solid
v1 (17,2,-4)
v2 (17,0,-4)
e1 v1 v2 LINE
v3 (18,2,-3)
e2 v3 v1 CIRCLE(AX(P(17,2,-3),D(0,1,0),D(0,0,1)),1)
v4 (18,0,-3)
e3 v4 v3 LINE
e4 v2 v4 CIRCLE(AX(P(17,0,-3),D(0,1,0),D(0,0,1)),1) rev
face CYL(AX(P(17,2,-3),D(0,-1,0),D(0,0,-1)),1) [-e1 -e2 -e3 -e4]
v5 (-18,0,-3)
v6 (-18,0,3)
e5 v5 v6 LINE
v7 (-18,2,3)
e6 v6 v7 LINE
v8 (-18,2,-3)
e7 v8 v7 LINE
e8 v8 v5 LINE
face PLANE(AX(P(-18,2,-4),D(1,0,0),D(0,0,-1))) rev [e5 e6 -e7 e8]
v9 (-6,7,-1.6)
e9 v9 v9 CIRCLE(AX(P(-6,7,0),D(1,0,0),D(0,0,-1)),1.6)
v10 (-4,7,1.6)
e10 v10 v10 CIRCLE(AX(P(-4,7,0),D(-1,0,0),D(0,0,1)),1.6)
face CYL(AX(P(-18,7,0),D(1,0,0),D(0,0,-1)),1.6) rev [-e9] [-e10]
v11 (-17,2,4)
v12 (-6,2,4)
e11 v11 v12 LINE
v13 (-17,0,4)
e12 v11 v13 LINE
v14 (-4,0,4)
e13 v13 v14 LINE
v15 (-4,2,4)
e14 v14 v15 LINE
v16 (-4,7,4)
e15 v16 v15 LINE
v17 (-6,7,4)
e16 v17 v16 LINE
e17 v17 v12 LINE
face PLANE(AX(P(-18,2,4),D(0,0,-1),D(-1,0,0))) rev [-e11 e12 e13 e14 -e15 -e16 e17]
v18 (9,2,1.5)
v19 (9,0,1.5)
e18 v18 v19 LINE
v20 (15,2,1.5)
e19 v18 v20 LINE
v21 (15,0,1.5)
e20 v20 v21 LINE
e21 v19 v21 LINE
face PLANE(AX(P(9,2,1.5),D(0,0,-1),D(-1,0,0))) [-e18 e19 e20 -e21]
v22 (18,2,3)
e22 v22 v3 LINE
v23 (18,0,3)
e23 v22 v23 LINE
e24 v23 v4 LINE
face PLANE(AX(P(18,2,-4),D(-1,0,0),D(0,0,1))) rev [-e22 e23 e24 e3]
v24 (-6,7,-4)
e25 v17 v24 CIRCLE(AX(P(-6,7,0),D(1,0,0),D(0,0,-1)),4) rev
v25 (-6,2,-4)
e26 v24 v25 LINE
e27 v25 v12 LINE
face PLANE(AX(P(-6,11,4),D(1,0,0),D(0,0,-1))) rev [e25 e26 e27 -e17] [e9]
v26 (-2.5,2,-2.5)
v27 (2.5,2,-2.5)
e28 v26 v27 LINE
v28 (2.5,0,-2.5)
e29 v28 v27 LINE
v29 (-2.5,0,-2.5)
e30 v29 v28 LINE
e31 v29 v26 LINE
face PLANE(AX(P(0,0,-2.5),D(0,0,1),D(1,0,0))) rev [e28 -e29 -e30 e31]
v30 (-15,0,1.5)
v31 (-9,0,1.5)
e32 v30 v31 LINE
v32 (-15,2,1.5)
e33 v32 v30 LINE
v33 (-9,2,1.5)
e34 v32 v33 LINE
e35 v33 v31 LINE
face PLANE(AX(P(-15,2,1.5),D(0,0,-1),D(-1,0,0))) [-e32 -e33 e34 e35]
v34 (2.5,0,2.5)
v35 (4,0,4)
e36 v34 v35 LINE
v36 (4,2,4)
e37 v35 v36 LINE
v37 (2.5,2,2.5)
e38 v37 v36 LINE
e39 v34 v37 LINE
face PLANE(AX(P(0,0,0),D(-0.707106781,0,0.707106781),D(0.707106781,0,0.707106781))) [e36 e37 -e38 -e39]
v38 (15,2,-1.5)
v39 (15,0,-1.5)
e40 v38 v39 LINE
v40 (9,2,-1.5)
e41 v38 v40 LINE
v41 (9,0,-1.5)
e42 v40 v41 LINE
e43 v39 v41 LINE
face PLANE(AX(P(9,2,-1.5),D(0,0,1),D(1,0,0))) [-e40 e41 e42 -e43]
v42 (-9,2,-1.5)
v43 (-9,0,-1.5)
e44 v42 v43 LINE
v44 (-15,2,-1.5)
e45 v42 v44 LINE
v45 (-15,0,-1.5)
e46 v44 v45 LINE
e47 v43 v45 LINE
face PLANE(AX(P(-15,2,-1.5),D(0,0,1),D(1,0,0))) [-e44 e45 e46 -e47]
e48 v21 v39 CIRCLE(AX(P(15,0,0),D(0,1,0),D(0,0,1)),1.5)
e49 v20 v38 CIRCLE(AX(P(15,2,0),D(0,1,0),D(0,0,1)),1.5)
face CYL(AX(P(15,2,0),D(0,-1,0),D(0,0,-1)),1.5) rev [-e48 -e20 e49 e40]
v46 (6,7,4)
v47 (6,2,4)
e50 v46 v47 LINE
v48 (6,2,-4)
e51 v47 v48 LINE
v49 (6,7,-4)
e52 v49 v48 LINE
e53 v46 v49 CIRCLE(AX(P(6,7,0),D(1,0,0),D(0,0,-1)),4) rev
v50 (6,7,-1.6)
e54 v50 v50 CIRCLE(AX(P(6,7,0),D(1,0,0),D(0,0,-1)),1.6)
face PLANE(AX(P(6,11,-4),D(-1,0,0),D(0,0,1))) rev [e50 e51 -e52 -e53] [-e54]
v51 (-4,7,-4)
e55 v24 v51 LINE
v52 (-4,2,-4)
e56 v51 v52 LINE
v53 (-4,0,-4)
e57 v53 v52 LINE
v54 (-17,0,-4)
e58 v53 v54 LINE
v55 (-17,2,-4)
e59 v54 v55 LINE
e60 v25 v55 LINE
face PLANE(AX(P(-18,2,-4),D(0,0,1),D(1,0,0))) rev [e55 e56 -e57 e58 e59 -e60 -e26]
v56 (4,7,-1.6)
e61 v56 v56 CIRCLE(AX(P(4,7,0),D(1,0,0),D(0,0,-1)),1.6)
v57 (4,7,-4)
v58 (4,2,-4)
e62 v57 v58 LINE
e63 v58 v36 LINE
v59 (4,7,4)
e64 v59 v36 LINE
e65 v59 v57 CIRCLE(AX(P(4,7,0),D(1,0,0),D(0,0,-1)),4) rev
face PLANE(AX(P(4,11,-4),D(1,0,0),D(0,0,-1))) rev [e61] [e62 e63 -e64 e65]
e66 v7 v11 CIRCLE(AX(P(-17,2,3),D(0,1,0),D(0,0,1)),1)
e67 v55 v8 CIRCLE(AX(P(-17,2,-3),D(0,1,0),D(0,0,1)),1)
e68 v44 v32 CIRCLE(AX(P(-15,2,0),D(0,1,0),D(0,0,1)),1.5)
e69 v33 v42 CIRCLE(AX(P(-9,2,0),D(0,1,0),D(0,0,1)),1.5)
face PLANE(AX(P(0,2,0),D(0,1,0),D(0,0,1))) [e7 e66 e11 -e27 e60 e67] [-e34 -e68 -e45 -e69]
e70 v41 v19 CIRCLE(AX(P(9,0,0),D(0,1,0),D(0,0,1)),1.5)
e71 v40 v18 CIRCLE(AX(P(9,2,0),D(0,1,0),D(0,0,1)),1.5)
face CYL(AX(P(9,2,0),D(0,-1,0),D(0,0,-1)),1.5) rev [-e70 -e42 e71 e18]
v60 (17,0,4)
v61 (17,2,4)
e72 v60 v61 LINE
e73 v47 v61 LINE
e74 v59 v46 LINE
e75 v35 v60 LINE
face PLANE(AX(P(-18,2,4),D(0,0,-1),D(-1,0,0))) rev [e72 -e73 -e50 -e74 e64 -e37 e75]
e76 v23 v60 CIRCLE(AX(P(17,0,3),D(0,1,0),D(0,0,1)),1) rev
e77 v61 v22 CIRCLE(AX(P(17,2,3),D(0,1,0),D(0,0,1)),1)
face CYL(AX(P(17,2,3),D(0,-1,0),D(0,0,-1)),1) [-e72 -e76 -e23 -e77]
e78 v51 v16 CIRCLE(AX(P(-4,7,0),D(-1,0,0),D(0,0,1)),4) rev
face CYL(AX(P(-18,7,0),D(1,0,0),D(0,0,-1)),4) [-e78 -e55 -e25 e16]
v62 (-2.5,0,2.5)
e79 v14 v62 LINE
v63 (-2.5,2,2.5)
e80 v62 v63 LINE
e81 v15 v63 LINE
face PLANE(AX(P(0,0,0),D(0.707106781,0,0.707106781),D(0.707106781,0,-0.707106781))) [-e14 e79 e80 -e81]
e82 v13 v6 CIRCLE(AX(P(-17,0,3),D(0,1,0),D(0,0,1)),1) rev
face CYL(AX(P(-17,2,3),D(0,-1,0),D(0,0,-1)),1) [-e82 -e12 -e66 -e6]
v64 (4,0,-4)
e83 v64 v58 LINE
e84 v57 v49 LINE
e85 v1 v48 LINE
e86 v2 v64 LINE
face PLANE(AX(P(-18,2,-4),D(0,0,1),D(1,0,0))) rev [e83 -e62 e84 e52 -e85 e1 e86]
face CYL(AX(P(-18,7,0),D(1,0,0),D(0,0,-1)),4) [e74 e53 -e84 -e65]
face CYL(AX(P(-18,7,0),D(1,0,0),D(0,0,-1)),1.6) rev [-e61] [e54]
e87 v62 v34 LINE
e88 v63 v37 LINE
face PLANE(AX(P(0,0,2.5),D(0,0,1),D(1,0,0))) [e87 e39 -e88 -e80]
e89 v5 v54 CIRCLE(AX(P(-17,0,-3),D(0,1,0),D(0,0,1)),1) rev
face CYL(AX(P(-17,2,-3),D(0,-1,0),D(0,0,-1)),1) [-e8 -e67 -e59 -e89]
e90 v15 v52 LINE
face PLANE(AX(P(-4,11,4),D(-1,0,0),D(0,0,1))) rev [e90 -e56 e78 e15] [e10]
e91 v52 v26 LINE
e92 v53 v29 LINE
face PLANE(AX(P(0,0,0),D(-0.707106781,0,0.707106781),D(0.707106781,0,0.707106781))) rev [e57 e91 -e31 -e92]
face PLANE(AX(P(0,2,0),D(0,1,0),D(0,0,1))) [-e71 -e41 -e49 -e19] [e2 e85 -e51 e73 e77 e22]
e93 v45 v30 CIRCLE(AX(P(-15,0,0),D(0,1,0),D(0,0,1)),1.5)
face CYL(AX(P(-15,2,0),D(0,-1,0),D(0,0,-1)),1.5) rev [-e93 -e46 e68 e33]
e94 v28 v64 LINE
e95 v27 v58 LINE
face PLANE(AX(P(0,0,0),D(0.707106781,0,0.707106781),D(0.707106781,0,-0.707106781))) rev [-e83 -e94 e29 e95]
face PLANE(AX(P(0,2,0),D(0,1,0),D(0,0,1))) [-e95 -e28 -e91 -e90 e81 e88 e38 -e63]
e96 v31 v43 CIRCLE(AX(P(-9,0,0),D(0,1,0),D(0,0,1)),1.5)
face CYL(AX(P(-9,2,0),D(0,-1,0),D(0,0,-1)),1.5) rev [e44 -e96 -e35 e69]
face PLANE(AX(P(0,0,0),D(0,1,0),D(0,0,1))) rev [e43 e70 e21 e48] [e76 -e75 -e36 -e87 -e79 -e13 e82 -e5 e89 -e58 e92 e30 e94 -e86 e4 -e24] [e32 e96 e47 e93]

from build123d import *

# Parameters (mm, degrees)
SKETCH_1_W          = 36
SKETCH_1_H          = 8
EXTRUDE_1_DEPTH     = 2
SKETCH_2_W          = 2
SKETCH_2_H          = 8
EXTRUDE_2_DEPTH     = 9
CUT_EXTRUDE_1_DEPTH = 21.518284529
SKETCH_4_R          = 1.6
CUT_EXTRUDE_2_DEPTH = 27.702059846
FILLET_1_R          = 1


with BuildPart() as part:
    # 草图1 → 凸台-拉伸1 (new body)
    with BuildSketch(Plane(origin=(0, 0, 0), x_dir=(1, 0, 0), z_dir=(0, 1, 0))):
        Rectangle(SKETCH_1_W, SKETCH_1_H)
        with BuildLine():
            Line((-15, 1.5), (-9, 1.5))
            ThreePointArc((-9, 1.5), (-7.5, 0), (-9, -1.5))
            Line((-9, -1.5), (-15, -1.5))
            ThreePointArc((-15, -1.5), (-16.5, 0), (-15, 1.5))
        make_face(mode=Mode.SUBTRACT)
        with BuildLine():
            Line((9, 1.5), (15, 1.5))
            ThreePointArc((15, 1.5), (16.5, 0), (15, -1.5))
            Line((15, -1.5), (9, -1.5))
            ThreePointArc((9, -1.5), (7.5, 0), (9, 1.5))
        make_face(mode=Mode.SUBTRACT)
    extrude(amount=EXTRUDE_1_DEPTH)

    # 草图2 → 凸台-拉伸2 (add)
    with BuildSketch(Plane(origin=(0, 2, 0), x_dir=(1, 0, 0), z_dir=(0, 1, 0))):
        with Locations((-5, 0)):
            Rectangle(SKETCH_2_W, SKETCH_2_H)
        with Locations((5, 0)):
            Rectangle(SKETCH_2_W, SKETCH_2_H)
    extrude(amount=EXTRUDE_2_DEPTH)

    # 草图3 → 切除-拉伸1 (cut, through all)
    with BuildSketch(Plane(origin=(0, 2, 0), x_dir=(1, 0, 0), z_dir=(0, 1, 0))):
        Polygon((2.5, -2.5), (4, -4), (-4, -4), (-2.5, -2.5), align=None)
        Polygon((-2.5, 2.5), (2.5, 2.5), (4, 4), (-4, 4), align=None)
    extrude(amount=-CUT_EXTRUDE_1_DEPTH, mode=Mode.SUBTRACT)

    # 草图4 → 切除-拉伸2 (cut, through all)
    with BuildSketch(Plane(origin=(6, 0, 0), x_dir=(0, 0, -1), z_dir=(1, 0, 0))):
        with Locations((0, 7)):
            Circle(SKETCH_4_R)
        with BuildLine():
            Line((-4, 11), (-4, 6.999999618))
            ThreePointArc((-4, 6.999999618), (-2.82842726, 9.82842699), (0, 11))
            Line((0, 11), (-4, 11))
        make_face()
        with BuildLine():
            ThreePointArc((0, 11), (2.828427125, 9.828427125), (4, 7))
            Line((4, 7), (4, 11))
            Line((4, 11), (0, 11))
        make_face()
    extrude(amount=-CUT_EXTRUDE_2_DEPTH, mode=Mode.SUBTRACT)

    # 圆角1
    fillet_1_edges = [part.edges().sort_by_distance(p)[0] for p in [
        (18, 1, 4),
        (-18, 1, 4),
        (-18, 1, -4),
        (18, 1, -4),
    ]]
    fillet(fillet_1_edges, radius=FILLET_1_R)


solid = part.part
